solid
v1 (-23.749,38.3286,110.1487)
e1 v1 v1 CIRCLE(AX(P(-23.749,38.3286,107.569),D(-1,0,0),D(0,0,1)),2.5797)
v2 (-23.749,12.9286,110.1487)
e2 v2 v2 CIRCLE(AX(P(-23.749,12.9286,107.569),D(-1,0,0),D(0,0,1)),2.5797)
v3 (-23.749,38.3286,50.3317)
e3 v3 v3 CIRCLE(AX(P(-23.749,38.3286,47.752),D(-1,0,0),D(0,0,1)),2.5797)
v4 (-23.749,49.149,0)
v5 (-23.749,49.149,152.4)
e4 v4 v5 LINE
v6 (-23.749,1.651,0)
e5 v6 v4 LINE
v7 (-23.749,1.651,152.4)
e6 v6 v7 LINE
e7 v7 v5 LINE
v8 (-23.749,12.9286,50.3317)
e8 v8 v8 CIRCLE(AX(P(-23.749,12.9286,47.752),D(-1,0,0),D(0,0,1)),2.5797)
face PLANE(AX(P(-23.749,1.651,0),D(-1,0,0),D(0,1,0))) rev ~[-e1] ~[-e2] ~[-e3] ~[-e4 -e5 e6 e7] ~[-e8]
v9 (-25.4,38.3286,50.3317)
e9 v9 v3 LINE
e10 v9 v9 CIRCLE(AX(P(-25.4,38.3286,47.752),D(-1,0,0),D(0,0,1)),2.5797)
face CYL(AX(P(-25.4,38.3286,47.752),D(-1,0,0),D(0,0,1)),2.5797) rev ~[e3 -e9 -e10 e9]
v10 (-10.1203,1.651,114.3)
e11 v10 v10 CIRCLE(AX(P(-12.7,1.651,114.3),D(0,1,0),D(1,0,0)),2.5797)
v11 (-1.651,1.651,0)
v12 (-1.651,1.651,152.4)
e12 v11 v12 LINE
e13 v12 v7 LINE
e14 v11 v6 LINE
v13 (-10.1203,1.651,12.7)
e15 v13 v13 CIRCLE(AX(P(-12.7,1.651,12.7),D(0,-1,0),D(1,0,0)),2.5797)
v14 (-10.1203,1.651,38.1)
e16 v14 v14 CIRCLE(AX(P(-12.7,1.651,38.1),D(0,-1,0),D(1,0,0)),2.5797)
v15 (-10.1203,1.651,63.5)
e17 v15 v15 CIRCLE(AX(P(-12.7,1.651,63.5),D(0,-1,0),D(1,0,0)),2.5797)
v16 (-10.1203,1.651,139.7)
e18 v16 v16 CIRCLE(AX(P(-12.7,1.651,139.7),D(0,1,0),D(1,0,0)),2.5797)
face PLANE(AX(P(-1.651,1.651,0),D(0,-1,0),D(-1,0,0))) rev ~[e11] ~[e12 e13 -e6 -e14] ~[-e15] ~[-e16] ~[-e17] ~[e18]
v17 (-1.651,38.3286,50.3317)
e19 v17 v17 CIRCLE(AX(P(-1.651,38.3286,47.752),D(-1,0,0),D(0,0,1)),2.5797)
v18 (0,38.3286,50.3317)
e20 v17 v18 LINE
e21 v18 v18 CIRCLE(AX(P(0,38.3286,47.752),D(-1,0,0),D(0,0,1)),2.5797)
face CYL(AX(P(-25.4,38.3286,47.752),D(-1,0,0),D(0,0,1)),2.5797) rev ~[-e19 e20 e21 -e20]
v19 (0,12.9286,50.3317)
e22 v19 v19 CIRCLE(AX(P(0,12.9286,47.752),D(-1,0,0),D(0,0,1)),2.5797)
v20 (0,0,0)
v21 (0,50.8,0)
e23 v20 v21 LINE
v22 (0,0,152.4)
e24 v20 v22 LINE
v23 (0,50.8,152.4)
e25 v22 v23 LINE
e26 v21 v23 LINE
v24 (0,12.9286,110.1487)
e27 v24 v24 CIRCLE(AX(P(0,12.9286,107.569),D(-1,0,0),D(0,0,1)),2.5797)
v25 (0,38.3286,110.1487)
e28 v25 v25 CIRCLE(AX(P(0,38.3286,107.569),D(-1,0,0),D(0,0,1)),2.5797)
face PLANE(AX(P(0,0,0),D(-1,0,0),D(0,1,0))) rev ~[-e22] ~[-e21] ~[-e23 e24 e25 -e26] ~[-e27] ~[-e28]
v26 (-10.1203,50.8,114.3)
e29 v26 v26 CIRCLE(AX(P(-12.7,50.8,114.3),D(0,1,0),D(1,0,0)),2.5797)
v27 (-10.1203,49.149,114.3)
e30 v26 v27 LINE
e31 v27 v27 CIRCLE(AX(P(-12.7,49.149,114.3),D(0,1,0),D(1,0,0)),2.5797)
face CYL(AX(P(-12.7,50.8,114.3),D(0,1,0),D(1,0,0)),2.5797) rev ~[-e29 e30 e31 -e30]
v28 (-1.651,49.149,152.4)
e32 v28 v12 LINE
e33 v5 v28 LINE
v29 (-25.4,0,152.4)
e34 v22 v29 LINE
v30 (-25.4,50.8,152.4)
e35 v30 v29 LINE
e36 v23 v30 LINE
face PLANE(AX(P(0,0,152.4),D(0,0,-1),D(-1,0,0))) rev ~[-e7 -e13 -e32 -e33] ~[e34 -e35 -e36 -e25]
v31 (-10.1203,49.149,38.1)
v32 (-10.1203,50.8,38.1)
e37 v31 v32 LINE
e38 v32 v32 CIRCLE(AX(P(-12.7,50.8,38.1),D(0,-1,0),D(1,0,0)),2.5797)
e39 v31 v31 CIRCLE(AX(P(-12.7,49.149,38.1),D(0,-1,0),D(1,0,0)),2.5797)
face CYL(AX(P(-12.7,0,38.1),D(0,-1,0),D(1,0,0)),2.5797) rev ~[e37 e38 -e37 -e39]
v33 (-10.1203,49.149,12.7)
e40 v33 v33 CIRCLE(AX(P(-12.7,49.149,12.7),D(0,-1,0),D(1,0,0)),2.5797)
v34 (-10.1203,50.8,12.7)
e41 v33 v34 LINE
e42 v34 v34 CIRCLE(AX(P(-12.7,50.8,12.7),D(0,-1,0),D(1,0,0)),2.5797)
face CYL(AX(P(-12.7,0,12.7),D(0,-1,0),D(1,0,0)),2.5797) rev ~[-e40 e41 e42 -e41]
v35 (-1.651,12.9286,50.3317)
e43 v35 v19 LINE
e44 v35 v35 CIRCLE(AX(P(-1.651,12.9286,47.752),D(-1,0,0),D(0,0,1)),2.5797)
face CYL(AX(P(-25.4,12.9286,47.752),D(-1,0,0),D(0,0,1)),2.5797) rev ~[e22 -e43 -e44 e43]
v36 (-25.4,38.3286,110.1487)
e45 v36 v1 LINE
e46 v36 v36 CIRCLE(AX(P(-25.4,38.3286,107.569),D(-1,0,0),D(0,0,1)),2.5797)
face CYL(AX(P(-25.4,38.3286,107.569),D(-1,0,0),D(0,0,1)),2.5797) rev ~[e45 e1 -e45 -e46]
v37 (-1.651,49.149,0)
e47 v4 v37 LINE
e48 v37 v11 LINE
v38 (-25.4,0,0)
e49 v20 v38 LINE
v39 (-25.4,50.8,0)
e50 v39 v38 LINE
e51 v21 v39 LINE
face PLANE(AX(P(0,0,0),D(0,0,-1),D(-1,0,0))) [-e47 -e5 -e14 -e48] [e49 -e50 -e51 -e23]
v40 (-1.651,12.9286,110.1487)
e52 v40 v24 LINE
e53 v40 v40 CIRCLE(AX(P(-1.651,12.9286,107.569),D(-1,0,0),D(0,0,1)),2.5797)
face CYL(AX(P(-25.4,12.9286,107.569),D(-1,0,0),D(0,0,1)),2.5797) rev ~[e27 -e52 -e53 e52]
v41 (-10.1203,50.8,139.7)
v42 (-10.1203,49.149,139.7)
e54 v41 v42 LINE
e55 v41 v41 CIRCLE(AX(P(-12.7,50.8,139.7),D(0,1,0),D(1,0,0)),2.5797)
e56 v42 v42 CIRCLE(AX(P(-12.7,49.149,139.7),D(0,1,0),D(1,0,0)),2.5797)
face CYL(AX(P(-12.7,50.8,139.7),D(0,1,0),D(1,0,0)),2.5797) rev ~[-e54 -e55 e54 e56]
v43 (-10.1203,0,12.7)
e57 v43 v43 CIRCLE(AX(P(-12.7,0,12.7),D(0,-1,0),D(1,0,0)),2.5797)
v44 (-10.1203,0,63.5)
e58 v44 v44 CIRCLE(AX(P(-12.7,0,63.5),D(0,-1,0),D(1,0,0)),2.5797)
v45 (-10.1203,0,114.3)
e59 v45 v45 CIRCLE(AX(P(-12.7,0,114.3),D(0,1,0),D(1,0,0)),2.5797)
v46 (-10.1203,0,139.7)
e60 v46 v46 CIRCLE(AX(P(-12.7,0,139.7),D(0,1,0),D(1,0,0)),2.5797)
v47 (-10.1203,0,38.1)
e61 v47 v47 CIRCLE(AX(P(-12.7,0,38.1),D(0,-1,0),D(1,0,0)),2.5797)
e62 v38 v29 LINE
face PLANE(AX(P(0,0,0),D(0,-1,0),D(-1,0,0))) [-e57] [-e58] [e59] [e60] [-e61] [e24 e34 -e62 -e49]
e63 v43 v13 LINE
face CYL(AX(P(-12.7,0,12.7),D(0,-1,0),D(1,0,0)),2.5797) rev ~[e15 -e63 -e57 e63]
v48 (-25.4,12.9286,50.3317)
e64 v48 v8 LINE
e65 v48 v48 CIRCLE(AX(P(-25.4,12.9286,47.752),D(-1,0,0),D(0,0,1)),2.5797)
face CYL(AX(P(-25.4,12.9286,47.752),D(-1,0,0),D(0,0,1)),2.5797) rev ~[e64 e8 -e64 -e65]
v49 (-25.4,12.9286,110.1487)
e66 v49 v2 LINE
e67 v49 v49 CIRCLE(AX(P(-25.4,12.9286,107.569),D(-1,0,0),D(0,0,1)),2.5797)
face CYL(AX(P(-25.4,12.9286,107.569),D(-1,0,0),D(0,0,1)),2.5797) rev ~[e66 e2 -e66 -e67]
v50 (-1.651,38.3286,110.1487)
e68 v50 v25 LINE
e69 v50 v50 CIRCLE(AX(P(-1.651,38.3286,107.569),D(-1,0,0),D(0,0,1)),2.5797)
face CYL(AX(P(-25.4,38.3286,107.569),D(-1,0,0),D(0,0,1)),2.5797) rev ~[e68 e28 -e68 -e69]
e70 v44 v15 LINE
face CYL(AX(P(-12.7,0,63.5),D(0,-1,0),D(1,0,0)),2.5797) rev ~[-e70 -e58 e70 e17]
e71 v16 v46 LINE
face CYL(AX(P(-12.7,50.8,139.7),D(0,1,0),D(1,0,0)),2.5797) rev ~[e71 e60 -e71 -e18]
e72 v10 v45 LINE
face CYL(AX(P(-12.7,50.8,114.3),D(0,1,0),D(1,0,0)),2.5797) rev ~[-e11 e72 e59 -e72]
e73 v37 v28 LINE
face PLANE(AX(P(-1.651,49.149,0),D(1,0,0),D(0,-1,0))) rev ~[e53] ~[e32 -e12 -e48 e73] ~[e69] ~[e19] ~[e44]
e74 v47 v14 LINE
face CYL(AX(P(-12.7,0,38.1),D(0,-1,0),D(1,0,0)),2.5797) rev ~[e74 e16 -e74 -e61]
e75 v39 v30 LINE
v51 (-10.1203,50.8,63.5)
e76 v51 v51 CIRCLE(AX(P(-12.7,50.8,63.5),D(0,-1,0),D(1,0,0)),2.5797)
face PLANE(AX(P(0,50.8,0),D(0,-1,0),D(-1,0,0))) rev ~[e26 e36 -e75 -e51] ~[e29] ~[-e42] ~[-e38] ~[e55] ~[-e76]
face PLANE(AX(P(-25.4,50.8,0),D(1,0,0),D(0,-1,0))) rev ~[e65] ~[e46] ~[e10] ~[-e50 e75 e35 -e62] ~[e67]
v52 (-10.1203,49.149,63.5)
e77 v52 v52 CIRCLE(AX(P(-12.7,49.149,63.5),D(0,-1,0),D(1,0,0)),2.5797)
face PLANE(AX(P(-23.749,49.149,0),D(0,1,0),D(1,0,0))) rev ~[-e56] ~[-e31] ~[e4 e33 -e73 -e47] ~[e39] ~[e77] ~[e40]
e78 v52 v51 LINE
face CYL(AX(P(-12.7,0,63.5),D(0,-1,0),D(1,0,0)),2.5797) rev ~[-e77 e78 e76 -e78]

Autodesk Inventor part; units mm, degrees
ref_plane "YZ Plane" through (0, 0, 0) normal (1, 0, 0) x (0, 1, 0)
ref_plane "XZ Plane" through (0, 0, 0) normal (0, 1, 0) x (-1, 0, 0)
ref_plane "XY Plane" through (0, 0, 0) normal (0, 0, 1) x (1, 0, 0)
ref_plane "Work Plane1" through (0, 0, 0) normal (0, 0, -1) x (-1, 0, 0)
sketch "Sketch20" plane through (0, 0, 0) normal (0, 0, -1) x (-1, 0, 0)
  line L0 (0, 0) -> (25.4, 0)
  line L1 (25.4, 0) -> (0, 0)
  line L2 (0, 0) -> (0, 50.8)
  line L3 (0, 50.8) -> (25.4, 50.8)
  line L4 (25.4, 50.8) -> (25.4, 0)
  line L5 (23.749, 49.149) -> (1.651, 49.149)
  line L6 (1.651, 49.149) -> (1.651, 1.651)
  line L7 (1.651, 1.651) -> (23.749, 1.651)
  line L8 (23.749, 1.651) -> (23.749, 49.149)
  line L9 (0, 0) -> (0, 50.8) projected
  dimension "d71" = 25.4
  dimension "d72" = 50.8
  dimension "d73" = 1.651
  dimension "d74" = 1.651
  dimension "d75" = 1.651
  dimension "d76" = 1.651
  dimension "d78" = 0
extrude "Extrusion16" add sketch "Sketch20" against normal blind 152.4
ref_plane "Work Plane4" through (76.2, 0, 0) normal (0, -1, 0) x (1, 0, 0)
sketch "Sketch21" plane through (76.2, 0, 0) normal (0, -1, 0) x (1, 0, 0)
  circle A0 centre (-38.1, 12.7) radius 2.5797
  circle A1 centre (-63.5, 12.7) radius 2.5797
  circle A2 centre (-88.9, 12.7) radius 2.5797
  circle A3 centre (-88.9, 38.1) radius 2.5797
  circle A4 centre (-88.9, 63.5) radius 2.5797
  line L0 (-76.2, 25.4) -> (0, 25.4) projected
  line L1 (-101.6, 0) -> (-101.6, 152.4) projected
  line L2 (-76.2, 25.4) -> (-76.2, 152.4) projected
  point P0 (-76.2, 0)
  dimension "d81" = 12.7
  dimension "d82" = 12.7
  dimension "d83" = 12.7
  dimension "d84" = 25.4
  dimension "d85" = 12.7
  dimension "d86" = 5.1594
  dimension "d87" = 5.1594
  dimension "d88" = 5.1594
  dimension "d89" = 25.4
  dimension "d90" = 25.4
  dimension "d91" = 25.4
  dimension "d92" = 5.1594
  dimension "d93" = 5.1594
  dimension "d94" = 12.7
  dimension "d95" = 12.7
extrude "Extrusion17" cut sketch "Sketch21" against normal blind 76.2
ref_plane "Work Plane3" through (-25.4, 0, 0) normal (-1, 0, 0) x (0, 0, 1)
sketch "Sketch26" plane through (-25.4, 0, 0) normal (-1, 0, 0) x (0, 0, 1)
  circle A0 centre (107.569, 38.3286) radius 2.5797
  line L0 (152.4, 50.8) -> (152.4, 0) projected
  line L1 (0, 50.8) -> (152.4, 50.8) projected
  circle A1 centre (47.752, 38.3286) radius 2.5797
  circle A2 centre (107.569, 12.9286) radius 2.5797
  circle A3 centre (47.752, 12.9286) radius 2.5797
  point P0 (0, 0)
  dimension "d122" = 5.1594
  dimension "d123" = 44.831
  dimension "d124" = 12.4714
  dimension "d125" = 5.1594
  dimension "d126" = 59.817
  dimension "d129" = 25.4
  dimension "d130" = 5.1594
  dimension "d131" = 25.4
  dimension "d132" = 5.1594
extrude "Extrusion22" cut sketch "Sketch26" against normal blind 25.4
ref_plane "Work Plane2" through (76.2, 50.8, 25.4) normal (0, 1, 0) x (1, 0, 0)
sketch "Sketch27" plane through (76.2, 50.8, 25.4) normal (0, 1, 0) x (1, 0, 0)
  circle A0 centre (-88.9, -114.3) radius 2.5797
  circle A1 centre (-88.9, -88.9) radius 2.5797
  line L0 (-76.2, -127) -> (-101.6, -127) projected
  line L1 (-76.2, 0) -> (-76.2, -127) projected
  point P0 (-76.2, 25.4)
  dimension "d135" = 12.7
  dimension "d136" = 12.7
  dimension "d137" = 38.1
  dimension "d138" = 12.7
  dimension "d139" = 5.1594
  dimension "d140" = 5.1594
extrude "Extrusion23" cut sketch "Sketch27" against normal blind 50.8
equation "\"d74\" = d73"
equation "\"d75\" = d73"
equation "\"d76\" = d73"
equation "\"d87\" = d86"
equation "\"d88\" = d86"
equation "\"d92\" = d86"
equation "\"d93\" = d86"
equation "\"d125\" = d122"
equation "\"d130\" = d122"
equation "\"d132\" = d122"
equation "\"d140\" = d139"
properties part number "left arm"
